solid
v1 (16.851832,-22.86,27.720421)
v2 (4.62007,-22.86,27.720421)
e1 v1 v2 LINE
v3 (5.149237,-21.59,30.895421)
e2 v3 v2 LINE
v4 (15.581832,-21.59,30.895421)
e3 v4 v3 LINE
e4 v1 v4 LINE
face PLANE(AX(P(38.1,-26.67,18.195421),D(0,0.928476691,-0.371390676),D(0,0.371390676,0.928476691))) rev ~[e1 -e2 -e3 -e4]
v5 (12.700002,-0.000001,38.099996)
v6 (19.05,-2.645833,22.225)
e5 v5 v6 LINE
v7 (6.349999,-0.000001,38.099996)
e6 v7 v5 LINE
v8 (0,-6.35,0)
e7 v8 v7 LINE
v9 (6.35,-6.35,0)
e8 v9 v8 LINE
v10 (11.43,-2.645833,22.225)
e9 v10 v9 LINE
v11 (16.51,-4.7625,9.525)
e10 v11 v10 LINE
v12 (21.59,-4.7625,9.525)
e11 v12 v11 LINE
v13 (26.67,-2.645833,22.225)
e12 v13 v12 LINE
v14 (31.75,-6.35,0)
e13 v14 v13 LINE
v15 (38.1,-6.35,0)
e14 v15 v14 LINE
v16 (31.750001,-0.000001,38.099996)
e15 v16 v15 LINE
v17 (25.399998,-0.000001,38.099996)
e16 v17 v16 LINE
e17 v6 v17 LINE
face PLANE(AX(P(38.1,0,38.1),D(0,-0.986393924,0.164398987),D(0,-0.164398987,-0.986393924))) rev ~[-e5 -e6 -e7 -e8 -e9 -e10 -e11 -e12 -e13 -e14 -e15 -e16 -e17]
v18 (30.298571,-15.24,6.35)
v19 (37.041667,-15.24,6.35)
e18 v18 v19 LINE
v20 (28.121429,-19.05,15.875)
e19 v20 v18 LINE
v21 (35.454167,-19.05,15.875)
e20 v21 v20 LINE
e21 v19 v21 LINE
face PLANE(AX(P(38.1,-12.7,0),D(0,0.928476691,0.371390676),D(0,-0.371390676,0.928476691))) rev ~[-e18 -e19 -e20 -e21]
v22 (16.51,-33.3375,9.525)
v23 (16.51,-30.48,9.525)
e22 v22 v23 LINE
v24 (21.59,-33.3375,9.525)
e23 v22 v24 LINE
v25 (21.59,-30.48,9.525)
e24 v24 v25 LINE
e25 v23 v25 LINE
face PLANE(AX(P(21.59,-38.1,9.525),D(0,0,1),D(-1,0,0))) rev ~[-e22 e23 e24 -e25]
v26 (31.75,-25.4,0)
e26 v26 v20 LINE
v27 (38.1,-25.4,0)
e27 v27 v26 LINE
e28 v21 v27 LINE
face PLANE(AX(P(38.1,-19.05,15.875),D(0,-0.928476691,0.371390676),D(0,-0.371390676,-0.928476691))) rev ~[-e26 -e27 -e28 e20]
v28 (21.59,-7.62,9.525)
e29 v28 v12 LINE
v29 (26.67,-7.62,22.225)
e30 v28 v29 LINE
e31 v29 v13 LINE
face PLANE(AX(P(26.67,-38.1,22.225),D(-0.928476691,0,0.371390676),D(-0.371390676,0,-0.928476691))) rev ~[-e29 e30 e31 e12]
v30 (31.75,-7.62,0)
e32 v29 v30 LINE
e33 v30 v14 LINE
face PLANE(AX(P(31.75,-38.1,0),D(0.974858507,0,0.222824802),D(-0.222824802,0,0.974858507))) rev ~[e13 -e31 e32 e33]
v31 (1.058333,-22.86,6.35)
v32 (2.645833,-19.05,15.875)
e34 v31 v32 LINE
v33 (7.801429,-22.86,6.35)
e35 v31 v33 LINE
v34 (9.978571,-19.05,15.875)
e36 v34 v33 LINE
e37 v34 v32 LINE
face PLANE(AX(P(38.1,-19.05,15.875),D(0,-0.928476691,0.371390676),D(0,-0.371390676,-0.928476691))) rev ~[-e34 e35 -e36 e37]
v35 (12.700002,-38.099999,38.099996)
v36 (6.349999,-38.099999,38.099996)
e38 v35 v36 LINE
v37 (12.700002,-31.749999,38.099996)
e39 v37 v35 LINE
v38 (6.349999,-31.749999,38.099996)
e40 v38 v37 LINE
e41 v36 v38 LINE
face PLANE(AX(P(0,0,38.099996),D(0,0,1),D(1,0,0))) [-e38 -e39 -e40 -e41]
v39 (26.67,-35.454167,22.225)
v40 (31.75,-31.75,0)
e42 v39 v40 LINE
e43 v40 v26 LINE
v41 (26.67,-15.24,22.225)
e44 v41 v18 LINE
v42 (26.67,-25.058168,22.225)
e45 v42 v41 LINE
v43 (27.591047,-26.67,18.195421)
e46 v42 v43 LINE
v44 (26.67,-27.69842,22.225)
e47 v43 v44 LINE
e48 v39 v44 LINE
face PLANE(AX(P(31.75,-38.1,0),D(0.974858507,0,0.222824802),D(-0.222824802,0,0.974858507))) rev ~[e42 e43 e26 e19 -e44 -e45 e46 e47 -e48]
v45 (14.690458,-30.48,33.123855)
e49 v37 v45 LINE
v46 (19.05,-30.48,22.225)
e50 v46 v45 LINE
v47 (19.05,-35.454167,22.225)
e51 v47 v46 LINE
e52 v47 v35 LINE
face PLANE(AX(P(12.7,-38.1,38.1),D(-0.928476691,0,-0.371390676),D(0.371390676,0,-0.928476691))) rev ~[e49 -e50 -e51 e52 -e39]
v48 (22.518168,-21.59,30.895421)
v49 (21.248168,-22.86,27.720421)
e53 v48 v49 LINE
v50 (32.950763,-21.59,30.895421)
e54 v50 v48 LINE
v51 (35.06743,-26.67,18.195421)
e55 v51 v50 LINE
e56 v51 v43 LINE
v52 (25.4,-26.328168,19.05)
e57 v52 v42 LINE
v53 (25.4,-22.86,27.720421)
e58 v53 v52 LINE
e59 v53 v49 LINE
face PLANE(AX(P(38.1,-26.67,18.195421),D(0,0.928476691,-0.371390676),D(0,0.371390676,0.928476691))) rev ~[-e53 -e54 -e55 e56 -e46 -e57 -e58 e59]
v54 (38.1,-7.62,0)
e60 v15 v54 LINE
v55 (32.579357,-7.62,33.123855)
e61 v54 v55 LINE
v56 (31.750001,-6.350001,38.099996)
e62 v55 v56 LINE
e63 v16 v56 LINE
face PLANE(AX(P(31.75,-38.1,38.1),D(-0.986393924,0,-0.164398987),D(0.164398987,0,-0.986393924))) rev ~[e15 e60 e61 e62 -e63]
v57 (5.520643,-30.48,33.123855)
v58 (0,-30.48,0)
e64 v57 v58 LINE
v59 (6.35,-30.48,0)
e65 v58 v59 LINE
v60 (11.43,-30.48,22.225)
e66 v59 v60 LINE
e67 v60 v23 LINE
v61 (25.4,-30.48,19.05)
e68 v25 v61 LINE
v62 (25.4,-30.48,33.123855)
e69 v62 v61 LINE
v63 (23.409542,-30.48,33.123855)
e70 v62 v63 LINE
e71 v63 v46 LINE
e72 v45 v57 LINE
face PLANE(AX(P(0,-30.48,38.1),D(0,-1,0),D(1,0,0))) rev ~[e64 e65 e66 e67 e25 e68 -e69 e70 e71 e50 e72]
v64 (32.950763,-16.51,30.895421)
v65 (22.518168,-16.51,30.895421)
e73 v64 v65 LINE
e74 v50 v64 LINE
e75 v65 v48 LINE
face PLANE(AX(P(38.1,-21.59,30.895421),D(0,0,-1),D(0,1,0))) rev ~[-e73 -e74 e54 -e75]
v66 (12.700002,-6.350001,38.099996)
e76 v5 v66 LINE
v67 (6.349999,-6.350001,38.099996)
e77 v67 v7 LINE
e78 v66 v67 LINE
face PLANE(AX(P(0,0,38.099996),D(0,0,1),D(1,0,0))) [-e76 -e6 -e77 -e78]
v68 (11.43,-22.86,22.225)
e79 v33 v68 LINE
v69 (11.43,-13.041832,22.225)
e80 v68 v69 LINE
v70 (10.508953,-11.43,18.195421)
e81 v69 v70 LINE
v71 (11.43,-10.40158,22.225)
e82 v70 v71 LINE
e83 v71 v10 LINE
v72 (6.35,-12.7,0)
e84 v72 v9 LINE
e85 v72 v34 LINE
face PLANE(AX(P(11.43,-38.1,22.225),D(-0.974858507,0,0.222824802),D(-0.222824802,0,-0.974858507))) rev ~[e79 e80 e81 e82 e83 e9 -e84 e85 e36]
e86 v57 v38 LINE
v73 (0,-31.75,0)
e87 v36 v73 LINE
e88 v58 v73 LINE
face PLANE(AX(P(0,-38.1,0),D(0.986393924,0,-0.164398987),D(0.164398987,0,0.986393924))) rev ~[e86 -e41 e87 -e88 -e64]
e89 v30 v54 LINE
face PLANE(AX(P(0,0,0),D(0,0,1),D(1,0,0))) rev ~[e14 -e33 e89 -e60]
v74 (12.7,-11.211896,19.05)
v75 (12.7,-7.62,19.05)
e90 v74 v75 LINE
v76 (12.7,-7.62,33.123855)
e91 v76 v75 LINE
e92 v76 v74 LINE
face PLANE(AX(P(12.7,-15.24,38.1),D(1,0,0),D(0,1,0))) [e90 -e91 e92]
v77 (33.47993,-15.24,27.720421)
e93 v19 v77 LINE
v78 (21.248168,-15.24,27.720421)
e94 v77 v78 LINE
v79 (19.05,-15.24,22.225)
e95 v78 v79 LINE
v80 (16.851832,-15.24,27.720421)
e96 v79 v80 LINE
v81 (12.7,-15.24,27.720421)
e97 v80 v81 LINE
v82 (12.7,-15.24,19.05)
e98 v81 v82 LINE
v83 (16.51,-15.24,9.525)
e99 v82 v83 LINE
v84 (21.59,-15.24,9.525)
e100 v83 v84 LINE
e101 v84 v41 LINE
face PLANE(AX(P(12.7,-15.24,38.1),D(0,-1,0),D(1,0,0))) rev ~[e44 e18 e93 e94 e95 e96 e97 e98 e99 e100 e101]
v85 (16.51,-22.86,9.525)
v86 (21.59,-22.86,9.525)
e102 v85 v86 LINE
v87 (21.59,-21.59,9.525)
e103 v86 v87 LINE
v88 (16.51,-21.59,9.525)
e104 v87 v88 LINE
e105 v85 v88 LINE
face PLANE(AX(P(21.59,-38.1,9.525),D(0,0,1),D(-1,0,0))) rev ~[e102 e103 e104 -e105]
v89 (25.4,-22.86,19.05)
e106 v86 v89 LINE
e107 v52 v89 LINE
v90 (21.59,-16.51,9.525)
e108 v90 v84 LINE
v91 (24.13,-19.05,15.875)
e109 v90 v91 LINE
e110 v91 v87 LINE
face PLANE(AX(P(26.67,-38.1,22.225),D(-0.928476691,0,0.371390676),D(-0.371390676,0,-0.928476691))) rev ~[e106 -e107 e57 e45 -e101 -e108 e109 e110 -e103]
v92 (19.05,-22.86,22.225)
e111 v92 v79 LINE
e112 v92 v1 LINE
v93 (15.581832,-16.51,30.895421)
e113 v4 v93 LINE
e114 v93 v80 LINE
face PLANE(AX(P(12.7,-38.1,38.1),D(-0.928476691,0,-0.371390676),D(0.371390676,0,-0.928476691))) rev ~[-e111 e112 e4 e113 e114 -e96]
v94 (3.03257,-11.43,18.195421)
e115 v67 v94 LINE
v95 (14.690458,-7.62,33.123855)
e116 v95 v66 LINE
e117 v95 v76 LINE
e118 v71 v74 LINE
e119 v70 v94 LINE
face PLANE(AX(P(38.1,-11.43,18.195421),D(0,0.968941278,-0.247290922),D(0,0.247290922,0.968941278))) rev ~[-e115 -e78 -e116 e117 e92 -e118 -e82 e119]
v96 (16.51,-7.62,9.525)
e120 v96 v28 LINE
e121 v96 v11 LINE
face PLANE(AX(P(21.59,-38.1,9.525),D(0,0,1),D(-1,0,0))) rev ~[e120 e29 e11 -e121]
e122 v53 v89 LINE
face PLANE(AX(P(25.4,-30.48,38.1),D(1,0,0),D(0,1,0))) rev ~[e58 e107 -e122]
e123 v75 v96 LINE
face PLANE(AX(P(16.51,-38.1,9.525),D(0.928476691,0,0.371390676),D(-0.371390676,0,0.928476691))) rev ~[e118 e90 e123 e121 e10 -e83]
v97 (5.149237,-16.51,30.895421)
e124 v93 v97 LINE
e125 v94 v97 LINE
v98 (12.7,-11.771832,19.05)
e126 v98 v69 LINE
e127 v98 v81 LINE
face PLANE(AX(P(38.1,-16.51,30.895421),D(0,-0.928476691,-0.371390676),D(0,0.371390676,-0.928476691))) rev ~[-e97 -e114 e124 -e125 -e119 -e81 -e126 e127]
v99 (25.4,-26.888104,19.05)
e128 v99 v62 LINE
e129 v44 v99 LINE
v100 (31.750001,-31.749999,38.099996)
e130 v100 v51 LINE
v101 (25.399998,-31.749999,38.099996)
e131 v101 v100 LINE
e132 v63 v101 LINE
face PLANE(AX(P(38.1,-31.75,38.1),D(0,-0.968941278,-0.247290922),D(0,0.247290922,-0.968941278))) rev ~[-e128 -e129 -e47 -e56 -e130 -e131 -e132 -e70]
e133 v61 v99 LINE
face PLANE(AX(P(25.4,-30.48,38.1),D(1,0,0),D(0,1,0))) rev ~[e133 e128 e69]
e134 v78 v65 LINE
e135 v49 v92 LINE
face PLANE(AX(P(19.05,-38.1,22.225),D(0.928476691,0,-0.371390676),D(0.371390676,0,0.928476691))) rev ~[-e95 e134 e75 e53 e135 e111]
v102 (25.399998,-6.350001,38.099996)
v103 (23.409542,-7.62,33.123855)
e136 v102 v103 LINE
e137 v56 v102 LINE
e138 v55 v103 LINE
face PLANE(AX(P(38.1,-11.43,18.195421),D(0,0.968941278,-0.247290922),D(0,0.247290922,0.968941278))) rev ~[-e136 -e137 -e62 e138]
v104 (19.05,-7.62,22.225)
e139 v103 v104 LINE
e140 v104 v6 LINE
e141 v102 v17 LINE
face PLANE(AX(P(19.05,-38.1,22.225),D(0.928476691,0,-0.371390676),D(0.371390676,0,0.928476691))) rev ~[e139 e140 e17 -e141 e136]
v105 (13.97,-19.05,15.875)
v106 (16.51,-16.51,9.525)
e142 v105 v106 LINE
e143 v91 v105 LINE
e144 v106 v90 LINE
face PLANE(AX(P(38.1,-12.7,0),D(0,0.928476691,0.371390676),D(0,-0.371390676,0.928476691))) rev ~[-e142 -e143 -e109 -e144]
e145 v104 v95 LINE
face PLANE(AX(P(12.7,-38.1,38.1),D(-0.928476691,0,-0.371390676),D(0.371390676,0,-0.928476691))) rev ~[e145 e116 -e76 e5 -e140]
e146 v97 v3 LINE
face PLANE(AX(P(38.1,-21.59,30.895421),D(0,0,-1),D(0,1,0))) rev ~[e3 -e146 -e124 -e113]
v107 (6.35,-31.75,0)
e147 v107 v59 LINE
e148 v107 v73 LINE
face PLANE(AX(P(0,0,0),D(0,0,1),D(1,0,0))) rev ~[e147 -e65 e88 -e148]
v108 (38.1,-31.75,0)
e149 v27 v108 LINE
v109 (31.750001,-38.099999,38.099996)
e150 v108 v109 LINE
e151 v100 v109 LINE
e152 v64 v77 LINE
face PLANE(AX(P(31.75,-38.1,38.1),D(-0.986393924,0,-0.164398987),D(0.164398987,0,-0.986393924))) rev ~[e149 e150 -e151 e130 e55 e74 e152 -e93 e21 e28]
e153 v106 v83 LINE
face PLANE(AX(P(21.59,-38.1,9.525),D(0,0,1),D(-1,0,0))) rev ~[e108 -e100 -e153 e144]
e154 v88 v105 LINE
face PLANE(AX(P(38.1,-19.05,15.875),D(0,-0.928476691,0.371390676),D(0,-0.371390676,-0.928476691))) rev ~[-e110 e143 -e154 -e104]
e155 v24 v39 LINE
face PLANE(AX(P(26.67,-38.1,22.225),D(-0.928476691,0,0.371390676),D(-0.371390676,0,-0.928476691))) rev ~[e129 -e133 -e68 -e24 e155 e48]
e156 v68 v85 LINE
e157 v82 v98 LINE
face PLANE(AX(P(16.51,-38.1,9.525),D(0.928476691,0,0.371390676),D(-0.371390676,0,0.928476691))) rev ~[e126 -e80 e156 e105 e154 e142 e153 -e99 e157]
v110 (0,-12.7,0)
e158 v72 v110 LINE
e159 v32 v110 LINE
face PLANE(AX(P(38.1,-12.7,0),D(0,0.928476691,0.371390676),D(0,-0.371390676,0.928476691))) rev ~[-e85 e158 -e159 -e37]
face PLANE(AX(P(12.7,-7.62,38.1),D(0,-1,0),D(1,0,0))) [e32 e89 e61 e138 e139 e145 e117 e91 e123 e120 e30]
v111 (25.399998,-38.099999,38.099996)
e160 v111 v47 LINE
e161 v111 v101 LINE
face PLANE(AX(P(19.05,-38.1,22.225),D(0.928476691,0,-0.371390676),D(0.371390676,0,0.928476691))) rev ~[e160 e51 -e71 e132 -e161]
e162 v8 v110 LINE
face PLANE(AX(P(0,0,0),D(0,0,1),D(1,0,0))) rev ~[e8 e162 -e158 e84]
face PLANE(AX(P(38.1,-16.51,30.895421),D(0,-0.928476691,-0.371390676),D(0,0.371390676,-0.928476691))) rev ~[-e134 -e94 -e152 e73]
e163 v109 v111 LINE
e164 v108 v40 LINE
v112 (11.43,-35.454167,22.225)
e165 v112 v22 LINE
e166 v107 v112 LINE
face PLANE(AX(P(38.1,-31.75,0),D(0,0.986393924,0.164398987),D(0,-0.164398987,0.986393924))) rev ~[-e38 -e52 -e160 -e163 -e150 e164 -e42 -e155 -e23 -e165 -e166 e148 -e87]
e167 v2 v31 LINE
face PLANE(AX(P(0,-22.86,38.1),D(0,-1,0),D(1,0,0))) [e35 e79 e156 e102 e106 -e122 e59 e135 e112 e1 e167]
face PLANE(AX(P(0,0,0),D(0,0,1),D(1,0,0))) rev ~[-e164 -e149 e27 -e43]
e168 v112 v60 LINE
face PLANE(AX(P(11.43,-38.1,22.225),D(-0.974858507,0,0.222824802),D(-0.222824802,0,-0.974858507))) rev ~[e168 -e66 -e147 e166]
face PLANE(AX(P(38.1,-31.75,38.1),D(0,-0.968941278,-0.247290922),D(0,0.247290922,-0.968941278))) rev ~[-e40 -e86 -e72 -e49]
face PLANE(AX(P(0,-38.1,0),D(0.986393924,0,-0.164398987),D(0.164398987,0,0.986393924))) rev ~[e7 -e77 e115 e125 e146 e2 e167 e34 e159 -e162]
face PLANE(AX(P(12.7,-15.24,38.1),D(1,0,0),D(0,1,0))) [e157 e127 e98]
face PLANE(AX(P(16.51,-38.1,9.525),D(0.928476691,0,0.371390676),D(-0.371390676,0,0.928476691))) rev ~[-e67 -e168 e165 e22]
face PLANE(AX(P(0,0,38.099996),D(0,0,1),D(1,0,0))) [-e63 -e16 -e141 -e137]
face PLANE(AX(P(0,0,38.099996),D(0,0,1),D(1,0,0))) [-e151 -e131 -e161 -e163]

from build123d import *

# Parameters (mm, degrees)
F0_W      = 38.1
F0_H      = 38.099996
F1_DEPTH  = 38.1
F6_DEPTH  = 38.1
F8_DEPTH  = 38.1
F9_W      = 25.4
F9_H      = 7.62
F10_DEPTH = 38.1


with BuildPart() as f1:
    # F0 (on Front) → F1 (new body)
    with BuildSketch(Plane.XZ):
        with Locations((19.05, 19.049998)):
            Rectangle(F0_W, F0_H)
    extrude(amount=F1_DEPTH)

    # F5 (on offset) → F6 (cut)
    with BuildSketch(Plane.YZ.offset(38.1)):
        Polygon((-31.75, 0), (-38.1, 38.1), (-38.1, 0), align=None)
        Polygon((-11.43, 18.195421), (-6.35, 38.1), (-31.75, 38.1), (-26.67, 18.195421), (-21.59, 30.895421), (-16.51, 30.895421), align=None)
        Polygon((-25.4, 0), (-12.7, 0), (-19.05, 15.875), align=None)
        Polygon((-6.35, 0), (0, 0), (0, 38.1), align=None)
    extrude(amount=-F6_DEPTH, mode=Mode.SUBTRACT)

    # F7 (on offset) → F8 (cut)
    with BuildSketch(Plane.XZ.offset(38.1)):
        Polygon((0, 38.1), (0, 0), (6.35, 38.1), align=None)
        Polygon((25.4, 38.1), (12.7, 38.1), (19.05, 22.225), align=None)
        Polygon((31.75, 38.1), (38.1, 0), (38.1, 38.1), align=None)
        Polygon((11.43, 22.225), (6.35, 0), (31.75, 0), (26.67, 22.225), (21.59, 9.525), (16.51, 9.525), align=None)
    extrude(amount=-F8_DEPTH, mode=Mode.SUBTRACT)

    # F9 (on offset) → F10 (cut)
    with BuildSketch(Plane.XY.offset(38.1)):
        with Locations((12.7, -26.67)):
            Rectangle(F9_W, F9_H)
        with Locations((25.4, -11.43)):
            Rectangle(F9_W, F9_H)
    extrude(amount=-F10_DEPTH, mode=Mode.SUBTRACT)


solid = f1.part
